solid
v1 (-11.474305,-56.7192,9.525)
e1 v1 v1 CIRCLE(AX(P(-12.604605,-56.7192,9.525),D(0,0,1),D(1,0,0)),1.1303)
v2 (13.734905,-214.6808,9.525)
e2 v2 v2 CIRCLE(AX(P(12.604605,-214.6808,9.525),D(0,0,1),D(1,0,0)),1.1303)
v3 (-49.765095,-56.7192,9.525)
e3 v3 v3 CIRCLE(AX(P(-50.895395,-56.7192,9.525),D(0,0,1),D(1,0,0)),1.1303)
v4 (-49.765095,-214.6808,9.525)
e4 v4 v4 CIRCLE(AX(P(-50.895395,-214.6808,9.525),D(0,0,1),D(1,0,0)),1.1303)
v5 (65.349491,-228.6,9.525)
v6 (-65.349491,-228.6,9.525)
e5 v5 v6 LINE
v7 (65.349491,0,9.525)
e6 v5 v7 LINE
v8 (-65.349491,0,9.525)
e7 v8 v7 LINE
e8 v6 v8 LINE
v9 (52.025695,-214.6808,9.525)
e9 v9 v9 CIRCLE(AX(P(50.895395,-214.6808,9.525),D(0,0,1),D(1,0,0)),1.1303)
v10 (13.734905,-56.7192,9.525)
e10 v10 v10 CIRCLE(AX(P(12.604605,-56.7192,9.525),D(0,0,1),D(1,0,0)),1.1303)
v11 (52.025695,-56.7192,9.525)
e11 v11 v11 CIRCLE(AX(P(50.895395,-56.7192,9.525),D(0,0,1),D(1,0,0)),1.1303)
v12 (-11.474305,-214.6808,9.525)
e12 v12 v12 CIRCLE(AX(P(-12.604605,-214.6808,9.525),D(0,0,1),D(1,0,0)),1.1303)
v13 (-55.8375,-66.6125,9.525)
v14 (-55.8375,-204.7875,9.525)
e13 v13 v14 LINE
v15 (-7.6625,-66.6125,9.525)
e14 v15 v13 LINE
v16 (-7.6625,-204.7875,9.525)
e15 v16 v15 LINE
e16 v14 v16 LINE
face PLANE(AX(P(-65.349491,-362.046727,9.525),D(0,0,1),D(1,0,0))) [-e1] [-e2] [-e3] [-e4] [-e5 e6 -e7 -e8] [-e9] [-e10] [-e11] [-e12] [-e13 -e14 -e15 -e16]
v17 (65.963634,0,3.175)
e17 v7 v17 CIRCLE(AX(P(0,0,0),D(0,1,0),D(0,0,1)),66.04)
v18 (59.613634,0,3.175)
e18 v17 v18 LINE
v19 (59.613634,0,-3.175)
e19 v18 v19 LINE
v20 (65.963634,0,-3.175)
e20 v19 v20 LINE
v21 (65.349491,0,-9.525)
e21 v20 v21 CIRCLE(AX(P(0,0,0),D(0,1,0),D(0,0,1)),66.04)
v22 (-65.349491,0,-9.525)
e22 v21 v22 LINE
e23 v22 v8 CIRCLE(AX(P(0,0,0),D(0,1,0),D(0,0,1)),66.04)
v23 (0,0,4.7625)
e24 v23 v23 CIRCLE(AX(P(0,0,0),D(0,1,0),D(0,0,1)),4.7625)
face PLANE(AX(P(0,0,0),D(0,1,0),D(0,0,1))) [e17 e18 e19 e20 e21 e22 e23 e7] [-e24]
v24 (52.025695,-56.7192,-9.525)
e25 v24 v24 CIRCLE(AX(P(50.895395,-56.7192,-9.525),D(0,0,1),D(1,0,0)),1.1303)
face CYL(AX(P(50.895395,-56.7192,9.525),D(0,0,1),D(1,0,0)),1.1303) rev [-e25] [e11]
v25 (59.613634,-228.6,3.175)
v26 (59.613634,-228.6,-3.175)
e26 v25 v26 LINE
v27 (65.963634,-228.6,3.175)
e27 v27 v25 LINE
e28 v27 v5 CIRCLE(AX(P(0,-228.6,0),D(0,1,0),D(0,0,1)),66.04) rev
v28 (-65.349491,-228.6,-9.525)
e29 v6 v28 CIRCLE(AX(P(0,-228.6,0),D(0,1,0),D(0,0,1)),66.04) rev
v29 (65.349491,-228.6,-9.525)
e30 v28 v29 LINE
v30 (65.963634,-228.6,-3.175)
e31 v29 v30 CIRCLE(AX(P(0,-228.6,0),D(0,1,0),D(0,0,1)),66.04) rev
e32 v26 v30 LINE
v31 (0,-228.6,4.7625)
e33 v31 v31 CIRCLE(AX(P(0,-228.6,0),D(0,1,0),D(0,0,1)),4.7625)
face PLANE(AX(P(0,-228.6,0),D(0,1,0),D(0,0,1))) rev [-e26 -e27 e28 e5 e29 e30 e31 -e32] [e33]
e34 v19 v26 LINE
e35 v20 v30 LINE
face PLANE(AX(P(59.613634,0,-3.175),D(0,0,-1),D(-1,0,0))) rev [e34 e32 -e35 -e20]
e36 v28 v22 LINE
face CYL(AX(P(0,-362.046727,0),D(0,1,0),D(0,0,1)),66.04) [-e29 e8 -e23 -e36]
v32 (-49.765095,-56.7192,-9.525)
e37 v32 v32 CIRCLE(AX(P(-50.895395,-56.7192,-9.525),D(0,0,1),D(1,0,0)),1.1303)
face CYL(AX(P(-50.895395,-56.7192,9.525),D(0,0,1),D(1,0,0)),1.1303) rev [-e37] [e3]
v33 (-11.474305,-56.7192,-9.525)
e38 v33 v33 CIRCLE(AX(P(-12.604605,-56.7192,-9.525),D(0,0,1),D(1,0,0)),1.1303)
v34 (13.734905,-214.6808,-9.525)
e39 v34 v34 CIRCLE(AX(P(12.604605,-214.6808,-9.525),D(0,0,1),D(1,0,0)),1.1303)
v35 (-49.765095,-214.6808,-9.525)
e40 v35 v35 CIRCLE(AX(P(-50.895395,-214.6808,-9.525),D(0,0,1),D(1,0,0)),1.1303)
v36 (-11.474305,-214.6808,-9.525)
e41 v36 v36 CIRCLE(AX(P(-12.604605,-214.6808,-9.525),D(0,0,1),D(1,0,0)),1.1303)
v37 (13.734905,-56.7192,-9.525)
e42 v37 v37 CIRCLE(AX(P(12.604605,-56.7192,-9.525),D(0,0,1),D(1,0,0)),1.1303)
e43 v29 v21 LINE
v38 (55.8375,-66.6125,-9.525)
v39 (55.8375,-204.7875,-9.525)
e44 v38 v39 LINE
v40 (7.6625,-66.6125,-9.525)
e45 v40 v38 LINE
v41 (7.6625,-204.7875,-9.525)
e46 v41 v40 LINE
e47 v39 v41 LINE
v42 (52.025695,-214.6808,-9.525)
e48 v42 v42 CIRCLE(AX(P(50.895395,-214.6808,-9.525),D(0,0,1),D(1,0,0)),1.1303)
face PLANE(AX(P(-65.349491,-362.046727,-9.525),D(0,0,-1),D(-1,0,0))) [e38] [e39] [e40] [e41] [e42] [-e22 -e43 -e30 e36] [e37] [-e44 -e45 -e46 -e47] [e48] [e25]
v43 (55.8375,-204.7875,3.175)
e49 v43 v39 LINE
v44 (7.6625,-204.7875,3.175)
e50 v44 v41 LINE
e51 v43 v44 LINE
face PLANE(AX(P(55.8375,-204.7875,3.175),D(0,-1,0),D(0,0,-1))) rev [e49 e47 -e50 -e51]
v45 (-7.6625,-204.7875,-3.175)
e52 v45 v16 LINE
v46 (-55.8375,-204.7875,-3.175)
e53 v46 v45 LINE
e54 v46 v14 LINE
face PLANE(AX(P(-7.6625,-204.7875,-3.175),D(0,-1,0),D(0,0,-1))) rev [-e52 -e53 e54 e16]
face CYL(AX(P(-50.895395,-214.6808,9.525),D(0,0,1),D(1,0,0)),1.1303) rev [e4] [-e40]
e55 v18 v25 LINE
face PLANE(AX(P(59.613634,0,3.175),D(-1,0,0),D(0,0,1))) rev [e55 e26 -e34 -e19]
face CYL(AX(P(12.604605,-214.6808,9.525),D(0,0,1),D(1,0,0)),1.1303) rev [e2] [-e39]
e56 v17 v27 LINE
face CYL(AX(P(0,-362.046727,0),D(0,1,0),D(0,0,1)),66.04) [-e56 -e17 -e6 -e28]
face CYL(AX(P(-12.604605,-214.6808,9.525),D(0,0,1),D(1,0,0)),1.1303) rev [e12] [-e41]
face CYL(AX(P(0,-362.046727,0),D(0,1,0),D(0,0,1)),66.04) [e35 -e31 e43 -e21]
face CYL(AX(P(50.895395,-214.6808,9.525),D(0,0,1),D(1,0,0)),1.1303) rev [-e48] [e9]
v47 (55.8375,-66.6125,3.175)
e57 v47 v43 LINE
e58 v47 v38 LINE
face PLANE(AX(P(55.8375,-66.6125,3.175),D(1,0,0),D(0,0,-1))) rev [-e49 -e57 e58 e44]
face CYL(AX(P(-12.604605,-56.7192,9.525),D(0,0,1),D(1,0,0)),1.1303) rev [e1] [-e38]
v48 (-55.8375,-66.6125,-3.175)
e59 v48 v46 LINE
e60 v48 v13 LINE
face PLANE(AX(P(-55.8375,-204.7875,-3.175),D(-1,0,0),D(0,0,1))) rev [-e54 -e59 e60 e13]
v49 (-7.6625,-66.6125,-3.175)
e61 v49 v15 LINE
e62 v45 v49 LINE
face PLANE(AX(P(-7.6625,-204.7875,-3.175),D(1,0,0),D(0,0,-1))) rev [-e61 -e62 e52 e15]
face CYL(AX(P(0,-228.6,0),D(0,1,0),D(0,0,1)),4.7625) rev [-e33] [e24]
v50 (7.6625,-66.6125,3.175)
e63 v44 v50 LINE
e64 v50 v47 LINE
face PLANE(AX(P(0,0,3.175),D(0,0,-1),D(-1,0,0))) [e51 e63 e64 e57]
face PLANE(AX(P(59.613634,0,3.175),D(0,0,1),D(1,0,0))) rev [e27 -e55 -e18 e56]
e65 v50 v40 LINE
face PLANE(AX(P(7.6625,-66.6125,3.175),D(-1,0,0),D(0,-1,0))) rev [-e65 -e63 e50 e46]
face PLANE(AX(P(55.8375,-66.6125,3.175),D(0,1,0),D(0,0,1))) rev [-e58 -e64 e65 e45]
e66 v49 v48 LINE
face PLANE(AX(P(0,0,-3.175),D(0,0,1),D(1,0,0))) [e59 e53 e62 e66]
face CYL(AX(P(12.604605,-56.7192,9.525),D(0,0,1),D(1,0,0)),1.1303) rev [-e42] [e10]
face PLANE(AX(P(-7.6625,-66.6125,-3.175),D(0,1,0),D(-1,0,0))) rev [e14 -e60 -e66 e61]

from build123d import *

# Parameters (mm, degrees)
BOSS_EXTRUDE1_DEPTH   = 228.6
SKETCH3_R             = 4.7625
CUT_EXTRUDE1_DEPTH    = 229.6
F_4_40_TAPPED_HOLE1_D = 2.2606
CUT_EXTRUDE2_DEPTH    = 229.6
SKETCH7_W             = 48.175
SKETCH7_H             = 138.175
CUT_EXTRUDE3_DEPTH    = 12.7
SKETCH8_W             = 48.175
SKETCH8_H             = 138.175
CUT_EXTRUDE4_DEPTH    = 12.7


with BuildPart() as part:
    # Sketch1 → Boss-Extrude1 (new body)
    with BuildSketch(Plane(origin=(0, 0, 0), x_dir=(1, 0, 0), z_dir=(0, 1, 0))):
        with BuildLine():
            Line((-65.349491008, -9.525), (65.349491008, -9.525))
            ThreePointArc((65.349491008, -9.525), (66.04, 0), (65.349491008, 9.525))
            Line((65.349491008, 9.525), (-65.349491008, 9.525))
            ThreePointArc((-65.349491008, 9.525), (-66.04, 0), (-65.349491008, -9.525))
        make_face()
    extrude(amount=-BOSS_EXTRUDE1_DEPTH)

    # Sketch3 → Cut-Extrude1 (cut, through all)
    with BuildSketch(Plane(origin=(0, 0, 0), x_dir=(1, 0, 0), z_dir=(0, 1, 0))):
        Circle(SKETCH3_R)
    extrude(amount=-CUT_EXTRUDE1_DEPTH, mode=Mode.SUBTRACT)

    # #4-40 Tapped Hole1 (through all)
    with Locations(Plane.XY.offset(9.525)):
        with Locations((-50.895394878, -56.7192), (-12.604605122, -56.7192), (-12.604605122, -214.6808), (-50.895394878, -214.6808), (12.604605122, -56.7192), (50.895394878, -56.7192), (12.604605122, -214.6808), (50.895394878, -214.6808)):
            Hole(F_4_40_TAPPED_HOLE1_D / 2)

    # Sketch6 → Cut-Extrude2 (cut, through all)
    with BuildSketch(Plane.XZ.offset(228.6)):
        with BuildLine():
            Line((59.613633731, 3.175), (65.963633731, 3.175))
            ThreePointArc((65.963633731, 3.175), (66.04, 0), (65.963633731, -3.175))
            Line((65.963633731, -3.175), (59.613633731, -3.175))
            Line((59.613633731, -3.175), (59.613633731, 3.175))
        make_face()
    extrude(amount=-CUT_EXTRUDE2_DEPTH, mode=Mode.SUBTRACT)

    # Sketch7 → Cut-Extrude3 (cut)
    with BuildSketch(Plane.XY.offset(9.525)):
        with Locations((-31.75, -135.7)):
            Rectangle(SKETCH7_W, SKETCH7_H)
    extrude(amount=-CUT_EXTRUDE3_DEPTH, mode=Mode.SUBTRACT)

    # Sketch8 → Cut-Extrude4 (cut)
    with BuildSketch(Plane(origin=(0, 0, -9.525), x_dir=(-1, 0, 0), z_dir=(0, 0, -1))):
        with Locations((-31.75, -135.7)):
            Rectangle(SKETCH8_W, SKETCH8_H)
    extrude(amount=-CUT_EXTRUDE4_DEPTH, mode=Mode.SUBTRACT)


solid = part.part
